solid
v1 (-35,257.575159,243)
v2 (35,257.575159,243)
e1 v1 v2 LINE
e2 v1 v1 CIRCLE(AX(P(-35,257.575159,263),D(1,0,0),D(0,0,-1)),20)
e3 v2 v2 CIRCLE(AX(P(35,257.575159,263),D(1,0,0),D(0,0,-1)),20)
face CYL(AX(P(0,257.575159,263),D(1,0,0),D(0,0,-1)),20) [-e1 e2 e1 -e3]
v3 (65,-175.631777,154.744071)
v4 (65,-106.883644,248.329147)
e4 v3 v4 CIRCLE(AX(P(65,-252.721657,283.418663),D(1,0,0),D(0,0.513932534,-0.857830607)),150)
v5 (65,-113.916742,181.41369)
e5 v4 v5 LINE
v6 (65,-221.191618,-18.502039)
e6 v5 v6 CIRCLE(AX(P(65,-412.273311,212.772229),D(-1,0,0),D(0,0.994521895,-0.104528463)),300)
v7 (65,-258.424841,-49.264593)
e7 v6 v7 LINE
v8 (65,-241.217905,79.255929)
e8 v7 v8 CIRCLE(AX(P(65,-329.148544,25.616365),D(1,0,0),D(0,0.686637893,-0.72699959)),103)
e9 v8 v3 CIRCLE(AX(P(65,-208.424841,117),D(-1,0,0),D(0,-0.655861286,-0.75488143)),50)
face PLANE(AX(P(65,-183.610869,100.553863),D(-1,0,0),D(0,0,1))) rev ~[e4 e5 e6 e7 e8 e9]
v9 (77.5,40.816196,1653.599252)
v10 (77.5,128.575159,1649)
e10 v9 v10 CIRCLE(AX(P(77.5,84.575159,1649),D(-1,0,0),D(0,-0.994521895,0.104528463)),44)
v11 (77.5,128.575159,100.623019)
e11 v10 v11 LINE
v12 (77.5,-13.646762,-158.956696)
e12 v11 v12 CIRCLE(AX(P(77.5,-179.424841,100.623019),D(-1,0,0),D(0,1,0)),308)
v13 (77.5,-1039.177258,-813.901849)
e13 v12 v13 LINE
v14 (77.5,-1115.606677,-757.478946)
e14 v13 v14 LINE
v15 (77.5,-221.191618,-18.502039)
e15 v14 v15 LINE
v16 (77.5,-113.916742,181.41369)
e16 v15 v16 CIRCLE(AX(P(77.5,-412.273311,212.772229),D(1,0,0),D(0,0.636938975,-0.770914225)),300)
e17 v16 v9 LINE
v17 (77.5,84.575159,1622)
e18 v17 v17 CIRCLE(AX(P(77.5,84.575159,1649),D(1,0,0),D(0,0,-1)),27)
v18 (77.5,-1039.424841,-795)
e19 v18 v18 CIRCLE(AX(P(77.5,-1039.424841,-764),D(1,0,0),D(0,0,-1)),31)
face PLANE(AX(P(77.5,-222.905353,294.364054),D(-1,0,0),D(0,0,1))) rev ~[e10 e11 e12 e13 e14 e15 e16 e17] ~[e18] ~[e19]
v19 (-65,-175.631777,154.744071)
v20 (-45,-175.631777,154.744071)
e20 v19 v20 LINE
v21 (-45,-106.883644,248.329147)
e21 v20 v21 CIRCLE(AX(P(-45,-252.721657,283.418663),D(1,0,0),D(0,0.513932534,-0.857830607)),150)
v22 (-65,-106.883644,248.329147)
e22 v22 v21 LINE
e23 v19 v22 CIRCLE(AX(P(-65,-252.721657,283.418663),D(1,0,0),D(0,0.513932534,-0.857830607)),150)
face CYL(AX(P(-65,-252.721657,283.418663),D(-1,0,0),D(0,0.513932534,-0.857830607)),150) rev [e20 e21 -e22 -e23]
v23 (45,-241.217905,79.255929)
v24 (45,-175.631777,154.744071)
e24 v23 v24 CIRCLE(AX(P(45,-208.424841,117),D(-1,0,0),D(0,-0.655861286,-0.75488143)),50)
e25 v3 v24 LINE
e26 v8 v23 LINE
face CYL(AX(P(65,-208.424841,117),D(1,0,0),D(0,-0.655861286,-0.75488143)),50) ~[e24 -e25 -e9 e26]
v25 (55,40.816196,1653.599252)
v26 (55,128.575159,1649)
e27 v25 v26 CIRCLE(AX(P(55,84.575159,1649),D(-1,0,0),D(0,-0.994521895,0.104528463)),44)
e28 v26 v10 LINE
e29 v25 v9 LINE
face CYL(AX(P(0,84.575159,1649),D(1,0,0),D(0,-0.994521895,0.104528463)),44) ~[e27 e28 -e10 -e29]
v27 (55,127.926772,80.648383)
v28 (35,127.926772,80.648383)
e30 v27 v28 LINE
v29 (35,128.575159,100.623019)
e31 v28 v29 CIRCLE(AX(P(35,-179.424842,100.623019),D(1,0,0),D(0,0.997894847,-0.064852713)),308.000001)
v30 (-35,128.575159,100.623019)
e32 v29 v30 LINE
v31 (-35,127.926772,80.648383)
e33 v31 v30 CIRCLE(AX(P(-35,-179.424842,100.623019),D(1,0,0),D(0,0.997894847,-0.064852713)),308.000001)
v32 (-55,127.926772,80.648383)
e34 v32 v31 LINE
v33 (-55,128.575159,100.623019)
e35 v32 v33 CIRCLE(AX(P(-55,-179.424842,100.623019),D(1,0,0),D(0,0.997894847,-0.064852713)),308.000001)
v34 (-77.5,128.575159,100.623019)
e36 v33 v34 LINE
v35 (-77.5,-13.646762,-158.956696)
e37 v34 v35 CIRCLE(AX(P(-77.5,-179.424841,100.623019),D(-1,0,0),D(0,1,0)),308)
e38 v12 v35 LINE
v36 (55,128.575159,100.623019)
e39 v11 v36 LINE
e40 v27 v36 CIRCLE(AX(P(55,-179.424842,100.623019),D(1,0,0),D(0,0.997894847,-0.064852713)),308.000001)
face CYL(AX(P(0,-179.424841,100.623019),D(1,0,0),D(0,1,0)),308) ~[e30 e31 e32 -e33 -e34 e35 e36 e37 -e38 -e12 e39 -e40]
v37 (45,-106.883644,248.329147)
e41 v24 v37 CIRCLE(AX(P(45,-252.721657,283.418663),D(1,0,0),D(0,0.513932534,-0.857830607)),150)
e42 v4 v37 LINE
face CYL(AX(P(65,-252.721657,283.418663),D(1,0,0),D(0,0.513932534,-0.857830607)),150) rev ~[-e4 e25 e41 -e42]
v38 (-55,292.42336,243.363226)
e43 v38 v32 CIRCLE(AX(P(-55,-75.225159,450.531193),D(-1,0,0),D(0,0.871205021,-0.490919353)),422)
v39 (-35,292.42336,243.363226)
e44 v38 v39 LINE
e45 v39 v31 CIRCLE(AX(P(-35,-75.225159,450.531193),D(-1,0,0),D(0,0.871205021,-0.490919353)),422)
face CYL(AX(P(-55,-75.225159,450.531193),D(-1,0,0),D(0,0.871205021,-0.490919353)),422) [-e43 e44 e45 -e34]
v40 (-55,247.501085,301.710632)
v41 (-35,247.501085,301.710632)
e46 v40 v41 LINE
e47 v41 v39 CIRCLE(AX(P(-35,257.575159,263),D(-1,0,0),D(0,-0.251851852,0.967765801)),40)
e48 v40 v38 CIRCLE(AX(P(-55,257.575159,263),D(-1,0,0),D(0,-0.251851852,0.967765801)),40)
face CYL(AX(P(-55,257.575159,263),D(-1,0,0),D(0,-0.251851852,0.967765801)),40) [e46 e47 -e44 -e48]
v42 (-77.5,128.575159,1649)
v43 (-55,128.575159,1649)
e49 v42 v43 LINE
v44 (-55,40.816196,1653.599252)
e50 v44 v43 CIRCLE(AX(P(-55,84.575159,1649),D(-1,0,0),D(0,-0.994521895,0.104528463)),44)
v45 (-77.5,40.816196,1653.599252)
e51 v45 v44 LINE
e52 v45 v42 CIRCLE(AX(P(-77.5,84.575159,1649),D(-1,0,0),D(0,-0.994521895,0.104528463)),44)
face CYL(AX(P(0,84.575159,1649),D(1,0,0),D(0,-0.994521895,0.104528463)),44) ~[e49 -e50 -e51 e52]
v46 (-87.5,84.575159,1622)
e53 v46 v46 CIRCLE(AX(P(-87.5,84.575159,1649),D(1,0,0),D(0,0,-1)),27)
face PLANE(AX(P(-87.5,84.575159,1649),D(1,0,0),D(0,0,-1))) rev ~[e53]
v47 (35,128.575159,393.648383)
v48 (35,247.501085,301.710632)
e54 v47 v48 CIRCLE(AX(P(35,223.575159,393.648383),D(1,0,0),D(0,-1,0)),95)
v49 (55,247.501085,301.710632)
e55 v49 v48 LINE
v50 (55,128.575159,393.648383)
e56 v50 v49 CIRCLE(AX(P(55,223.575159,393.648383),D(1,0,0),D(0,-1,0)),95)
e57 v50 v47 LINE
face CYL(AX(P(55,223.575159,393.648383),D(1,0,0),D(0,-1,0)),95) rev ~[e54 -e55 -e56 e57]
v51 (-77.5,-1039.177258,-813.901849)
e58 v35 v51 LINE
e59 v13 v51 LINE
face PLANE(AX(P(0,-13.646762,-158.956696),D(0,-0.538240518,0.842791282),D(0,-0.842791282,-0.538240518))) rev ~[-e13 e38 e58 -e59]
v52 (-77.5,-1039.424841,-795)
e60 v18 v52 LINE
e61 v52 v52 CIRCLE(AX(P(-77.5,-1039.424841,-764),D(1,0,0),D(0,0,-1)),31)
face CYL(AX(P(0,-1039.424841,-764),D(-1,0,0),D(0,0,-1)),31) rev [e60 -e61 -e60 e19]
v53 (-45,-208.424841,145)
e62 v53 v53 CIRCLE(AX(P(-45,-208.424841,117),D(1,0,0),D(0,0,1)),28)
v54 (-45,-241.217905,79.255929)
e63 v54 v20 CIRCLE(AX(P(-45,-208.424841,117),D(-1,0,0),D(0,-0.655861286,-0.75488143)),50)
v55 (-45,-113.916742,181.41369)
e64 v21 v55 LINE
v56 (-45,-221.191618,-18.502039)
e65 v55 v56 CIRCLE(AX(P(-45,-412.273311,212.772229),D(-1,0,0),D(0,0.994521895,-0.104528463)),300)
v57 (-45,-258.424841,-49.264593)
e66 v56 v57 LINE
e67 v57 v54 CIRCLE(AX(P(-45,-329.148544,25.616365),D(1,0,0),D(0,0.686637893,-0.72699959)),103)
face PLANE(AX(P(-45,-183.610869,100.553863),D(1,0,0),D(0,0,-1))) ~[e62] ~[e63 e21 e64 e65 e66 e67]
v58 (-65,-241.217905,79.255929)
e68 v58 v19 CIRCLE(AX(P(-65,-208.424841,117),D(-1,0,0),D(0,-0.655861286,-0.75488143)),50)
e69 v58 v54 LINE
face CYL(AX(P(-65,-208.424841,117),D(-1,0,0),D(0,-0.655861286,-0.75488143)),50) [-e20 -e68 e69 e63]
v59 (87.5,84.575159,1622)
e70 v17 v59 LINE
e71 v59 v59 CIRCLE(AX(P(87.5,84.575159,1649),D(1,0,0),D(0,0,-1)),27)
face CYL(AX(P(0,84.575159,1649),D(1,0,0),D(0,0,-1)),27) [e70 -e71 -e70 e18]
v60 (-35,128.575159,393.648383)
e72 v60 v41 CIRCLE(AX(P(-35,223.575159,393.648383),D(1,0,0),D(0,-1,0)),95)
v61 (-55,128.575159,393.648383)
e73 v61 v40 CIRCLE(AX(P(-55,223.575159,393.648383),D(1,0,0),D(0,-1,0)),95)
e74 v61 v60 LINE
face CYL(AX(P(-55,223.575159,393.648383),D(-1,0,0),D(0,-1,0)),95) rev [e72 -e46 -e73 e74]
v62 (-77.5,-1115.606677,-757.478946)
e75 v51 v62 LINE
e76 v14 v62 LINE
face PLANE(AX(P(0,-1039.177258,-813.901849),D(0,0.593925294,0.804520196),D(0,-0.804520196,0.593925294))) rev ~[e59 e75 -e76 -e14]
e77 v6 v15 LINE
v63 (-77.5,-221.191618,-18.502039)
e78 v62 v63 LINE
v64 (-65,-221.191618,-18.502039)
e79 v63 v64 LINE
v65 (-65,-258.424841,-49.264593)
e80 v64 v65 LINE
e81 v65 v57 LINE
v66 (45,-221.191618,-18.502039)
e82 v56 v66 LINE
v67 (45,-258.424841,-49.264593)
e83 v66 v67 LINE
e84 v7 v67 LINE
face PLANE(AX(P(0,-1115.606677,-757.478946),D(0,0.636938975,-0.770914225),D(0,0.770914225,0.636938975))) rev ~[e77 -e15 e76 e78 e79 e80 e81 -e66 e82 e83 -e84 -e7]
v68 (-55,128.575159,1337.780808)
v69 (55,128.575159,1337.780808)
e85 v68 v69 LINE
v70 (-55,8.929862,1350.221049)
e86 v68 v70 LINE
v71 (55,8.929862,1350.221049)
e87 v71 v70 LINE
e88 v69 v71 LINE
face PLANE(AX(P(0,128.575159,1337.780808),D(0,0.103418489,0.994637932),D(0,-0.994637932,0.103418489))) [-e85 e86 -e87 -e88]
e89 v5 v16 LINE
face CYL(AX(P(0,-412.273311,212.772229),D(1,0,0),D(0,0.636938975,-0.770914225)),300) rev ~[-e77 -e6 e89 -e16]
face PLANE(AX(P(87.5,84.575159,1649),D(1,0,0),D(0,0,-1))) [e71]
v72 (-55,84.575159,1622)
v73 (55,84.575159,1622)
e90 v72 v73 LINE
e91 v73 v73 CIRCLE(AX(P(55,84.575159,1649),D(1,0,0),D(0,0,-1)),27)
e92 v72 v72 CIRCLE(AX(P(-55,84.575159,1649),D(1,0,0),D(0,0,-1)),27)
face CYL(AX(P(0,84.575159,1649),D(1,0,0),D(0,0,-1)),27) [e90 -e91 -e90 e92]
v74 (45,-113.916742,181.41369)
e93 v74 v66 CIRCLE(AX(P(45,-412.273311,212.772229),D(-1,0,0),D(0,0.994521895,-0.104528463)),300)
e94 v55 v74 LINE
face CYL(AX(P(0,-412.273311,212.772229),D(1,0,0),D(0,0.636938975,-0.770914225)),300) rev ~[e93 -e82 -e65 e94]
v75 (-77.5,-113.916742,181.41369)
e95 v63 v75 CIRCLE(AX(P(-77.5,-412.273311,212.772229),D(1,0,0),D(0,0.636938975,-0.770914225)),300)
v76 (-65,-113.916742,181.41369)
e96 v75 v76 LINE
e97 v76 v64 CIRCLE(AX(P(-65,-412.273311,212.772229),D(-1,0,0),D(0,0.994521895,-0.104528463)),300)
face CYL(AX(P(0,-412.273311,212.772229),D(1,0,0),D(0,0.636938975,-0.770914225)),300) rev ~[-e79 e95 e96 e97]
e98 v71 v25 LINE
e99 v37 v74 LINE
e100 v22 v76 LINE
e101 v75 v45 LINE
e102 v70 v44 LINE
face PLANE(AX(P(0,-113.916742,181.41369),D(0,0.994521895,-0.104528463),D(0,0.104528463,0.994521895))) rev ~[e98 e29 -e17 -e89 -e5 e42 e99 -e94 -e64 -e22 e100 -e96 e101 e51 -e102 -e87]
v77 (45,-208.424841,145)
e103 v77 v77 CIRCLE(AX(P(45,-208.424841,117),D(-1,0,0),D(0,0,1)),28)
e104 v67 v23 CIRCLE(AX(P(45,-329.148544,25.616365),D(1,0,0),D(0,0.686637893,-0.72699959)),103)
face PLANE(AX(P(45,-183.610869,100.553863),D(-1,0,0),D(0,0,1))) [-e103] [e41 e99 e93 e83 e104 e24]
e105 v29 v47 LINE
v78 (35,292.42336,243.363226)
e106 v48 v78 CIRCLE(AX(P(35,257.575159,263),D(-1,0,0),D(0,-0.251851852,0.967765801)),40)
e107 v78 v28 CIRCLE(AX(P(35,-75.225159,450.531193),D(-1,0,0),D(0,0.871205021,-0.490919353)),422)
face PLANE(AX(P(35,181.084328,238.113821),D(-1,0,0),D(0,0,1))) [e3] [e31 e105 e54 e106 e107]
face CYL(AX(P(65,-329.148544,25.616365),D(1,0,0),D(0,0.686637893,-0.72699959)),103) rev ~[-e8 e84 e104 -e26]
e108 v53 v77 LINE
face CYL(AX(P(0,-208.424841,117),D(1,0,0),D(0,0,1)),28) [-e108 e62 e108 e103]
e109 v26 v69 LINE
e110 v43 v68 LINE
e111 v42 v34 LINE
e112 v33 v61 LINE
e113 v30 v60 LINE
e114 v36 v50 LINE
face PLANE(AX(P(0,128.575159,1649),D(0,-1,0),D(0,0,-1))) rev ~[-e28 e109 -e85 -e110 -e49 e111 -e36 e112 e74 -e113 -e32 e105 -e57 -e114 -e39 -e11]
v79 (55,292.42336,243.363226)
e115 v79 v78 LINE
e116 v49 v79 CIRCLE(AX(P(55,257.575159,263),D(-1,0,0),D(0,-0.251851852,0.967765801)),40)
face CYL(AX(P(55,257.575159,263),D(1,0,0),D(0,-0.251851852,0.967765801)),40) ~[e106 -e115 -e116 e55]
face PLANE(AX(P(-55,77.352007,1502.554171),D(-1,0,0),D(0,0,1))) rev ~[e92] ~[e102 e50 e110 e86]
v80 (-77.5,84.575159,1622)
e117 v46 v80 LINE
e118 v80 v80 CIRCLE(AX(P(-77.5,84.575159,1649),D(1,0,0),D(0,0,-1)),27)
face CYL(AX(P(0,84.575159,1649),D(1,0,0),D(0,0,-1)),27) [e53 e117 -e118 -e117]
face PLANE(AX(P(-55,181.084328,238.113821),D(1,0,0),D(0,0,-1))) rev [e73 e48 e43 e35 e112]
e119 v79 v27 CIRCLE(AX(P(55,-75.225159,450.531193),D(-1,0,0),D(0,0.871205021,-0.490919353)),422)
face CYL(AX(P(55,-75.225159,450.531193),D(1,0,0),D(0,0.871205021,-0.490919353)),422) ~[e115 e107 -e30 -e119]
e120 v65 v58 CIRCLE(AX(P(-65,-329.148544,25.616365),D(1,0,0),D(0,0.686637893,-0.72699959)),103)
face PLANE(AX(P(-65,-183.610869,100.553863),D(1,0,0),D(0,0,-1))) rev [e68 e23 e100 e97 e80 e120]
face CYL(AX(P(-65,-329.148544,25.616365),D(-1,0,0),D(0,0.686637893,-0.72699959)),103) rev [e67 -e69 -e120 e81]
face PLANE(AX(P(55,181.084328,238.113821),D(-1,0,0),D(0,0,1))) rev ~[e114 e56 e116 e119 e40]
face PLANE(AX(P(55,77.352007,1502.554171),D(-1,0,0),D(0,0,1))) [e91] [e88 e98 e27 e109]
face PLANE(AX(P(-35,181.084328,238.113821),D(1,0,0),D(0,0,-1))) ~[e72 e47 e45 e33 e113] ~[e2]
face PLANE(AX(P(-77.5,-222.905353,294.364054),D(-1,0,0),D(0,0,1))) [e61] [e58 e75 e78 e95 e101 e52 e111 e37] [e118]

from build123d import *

# Parameters (mm, degrees)
SKETCH1_R           = 31
BOSS_EXTRUDE1_DEPTH = 77.5
CUT_EXTRUDE1_DEPTH  = 55
SKETCH3_R           = 27
BOSS_EXTRUDE2_DEPTH = 87.5
BOSS_EXTRUDE3_START = 55
SKETCH4_R           = 20
BOSS_EXTRUDE3_DEPTH = 20
BOSS_EXTRUDE4_START = 65
SKETCH5_R           = 28
BOSS_EXTRUDE4_DEPTH = 20
SKETCH6_R           = 20
BOSS_EXTRUDE5_DEPTH = 55
SKETCH7_R           = 28
BOSS_EXTRUDE6_DEPTH = 65


with BuildPart() as part:
    # Sketch1 → Boss-Extrude1 (new, symmetric)
    with BuildSketch(Plane(origin=(0, 0, 0), x_dir=(0, 0, -1), z_dir=(1, 0, 0))):
        with BuildLine():
            Line((-1649, 128.575159042), (-100.623018779, 128.575159042))
            ThreePointArc((-100.623018779, 128.575159042), (47.370818148, 90.689624097), (158.95669611, -13.646761532))
            Line((158.95669611, -13.646761532), (813.901849353, -1039.177258296))
            Line((813.901849353, -1039.177258296), (757.478946429, -1115.606676884))
            Line((757.478946429, -1115.606676884), (18.502038696, -221.191618301))
            ThreePointArc((18.502038696, -221.191618301), (-70.923814933, -147.926895035), (-181.413689889, -113.916742069))
            Line((-181.413689889, -113.916742069), (-1653.599252384, 40.816195646))
            ThreePointArc((-1653.599252384, 40.816195646), (-1692.939699529, 86.877941117), (-1649, 128.575159042))
        make_face()
        with Locations((764, -1039.424840958)):
            Circle(SKETCH1_R, mode=Mode.SUBTRACT)
    extrude(amount=BOSS_EXTRUDE1_DEPTH, both=True)

    # Sketch2 → Cut-Extrude1 (cut, symmetric)
    with BuildSketch(Plane(origin=(0, 0, 0), x_dir=(0, 0, -1), z_dir=(1, 0, 0))):
        with BuildLine():
            Line((-1337.780808047, 128.575159042), (-1350.221049377, 8.929861623))
            Line((-1350.221049377, 8.929861623), (-1653.599252384, 40.816195646))
            ThreePointArc((-1653.599252384, 40.816195646), (-1692.939699529, 86.877941117), (-1649, 128.575159042))
            Line((-1649, 128.575159042), (-1337.780808047, 128.575159042))
        make_face()
    extrude(amount=CUT_EXTRUDE1_DEPTH, both=True, mode=Mode.SUBTRACT)

    # Sketch3 → Boss-Extrude2 (add, symmetric)
    with BuildSketch(Plane(origin=(0, 0, 0), x_dir=(0, 0, -1), z_dir=(1, 0, 0))):
        with Locations((-1649, 84.575159042)):
            Circle(SKETCH3_R)
    extrude(amount=BOSS_EXTRUDE2_DEPTH, both=True)

    # Sketch4 → Boss-Extrude3 (add)
    with BuildSketch(Plane(origin=(0, 0, 0), x_dir=(0, 0, -1), z_dir=(1, 0, 0)).offset(BOSS_EXTRUDE3_START)):
        with BuildLine():
            Line((-100.623018779, 128.575159042), (-393.648383075, 128.575159042))
            ThreePointArc((-393.648383075, 128.575159042), (-318.488676572, 165.471643499), (-301.710632022, 247.501084968))
            ThreePointArc((-301.710632022, 247.501084968), (-287.401961188, 289.269705737), (-243.363225881, 292.423359888))
            ThreePointArc((-243.363225881, 292.423359888), (-150.511724148, 221.544648068), (-80.648383075, 127.926771904))
            ThreePointArc((-80.648383075, 127.926771904), (-90.630440565, 128.41301958), (-100.623018779, 128.575159042))
        make_face()
        with Locations((-263, 257.575159042)):
            Circle(SKETCH4_R, mode=Mode.SUBTRACT)
    extrude(amount=-BOSS_EXTRUDE3_DEPTH)

    # Mirror1: part across plane


with BuildPart() as part_1:
    add(part.part)
    add(part.part.mirror(Plane(origin=(0, 0, 0), x_dir=(0, 0, 1), z_dir=(1, 0, 0))))

    # Sketch5 → Boss-Extrude4 (add)
    with BuildSketch(Plane(origin=(0, 0, 0), x_dir=(0, 0, -1), z_dir=(1, 0, 0)).offset(BOSS_EXTRUDE4_START)):
        with BuildLine():
            Line((18.502038696, -221.191618301), (49.264592926, -258.424840958))
            ThreePointArc((49.264592926, -258.424840958), (-11.948195085, -227.059459611), (-79.255928514, -241.217905281))
            ThreePointArc((-79.255928514, -241.217905281), (-149.793064323, -246.168912443), (-154.744071486, -175.631776635))
            ThreePointArc((-154.744071486, -175.631776635), (-194.614118429, -131.834300288), (-248.329147356, -106.883644085))
            Line((-248.329147356, -106.883644085), (-181.413689889, -113.916742069))
            ThreePointArc((-181.413689889, -113.916742069), (-70.923814933, -147.926895035), (18.502038696, -221.191618301))
        make_face()
        with Locations((-117, -208.424840958)):
            Circle(SKETCH5_R, mode=Mode.SUBTRACT)
    extrude(amount=-BOSS_EXTRUDE4_DEPTH)

    # Mirror2: part across plane


with BuildPart() as part_2:
    add(part_1.part)
    add(part_1.part.mirror(Plane(origin=(0, 0, 0), x_dir=(0, 0, 1), z_dir=(1, 0, 0))))

    # Sketch6 → Boss-Extrude5 (add, symmetric)
    with BuildSketch(Plane(origin=(0, 0, 0), x_dir=(0, 0, -1), z_dir=(1, 0, 0))):
        with Locations((-263, 257.575159042)):
            Circle(SKETCH6_R)
    extrude(amount=BOSS_EXTRUDE5_DEPTH, both=True)

    # Sketch7 → Boss-Extrude6 (add, symmetric)
    with BuildSketch(Plane(origin=(0, 0, 0), x_dir=(0, 0, -1), z_dir=(1, 0, 0))):
        with Locations(Location((-117, -208.424840958, 0), (0, 0, 180))):
            Circle(SKETCH7_R)
    extrude(amount=BOSS_EXTRUDE6_DEPTH, both=True)


solid = part_2.part
